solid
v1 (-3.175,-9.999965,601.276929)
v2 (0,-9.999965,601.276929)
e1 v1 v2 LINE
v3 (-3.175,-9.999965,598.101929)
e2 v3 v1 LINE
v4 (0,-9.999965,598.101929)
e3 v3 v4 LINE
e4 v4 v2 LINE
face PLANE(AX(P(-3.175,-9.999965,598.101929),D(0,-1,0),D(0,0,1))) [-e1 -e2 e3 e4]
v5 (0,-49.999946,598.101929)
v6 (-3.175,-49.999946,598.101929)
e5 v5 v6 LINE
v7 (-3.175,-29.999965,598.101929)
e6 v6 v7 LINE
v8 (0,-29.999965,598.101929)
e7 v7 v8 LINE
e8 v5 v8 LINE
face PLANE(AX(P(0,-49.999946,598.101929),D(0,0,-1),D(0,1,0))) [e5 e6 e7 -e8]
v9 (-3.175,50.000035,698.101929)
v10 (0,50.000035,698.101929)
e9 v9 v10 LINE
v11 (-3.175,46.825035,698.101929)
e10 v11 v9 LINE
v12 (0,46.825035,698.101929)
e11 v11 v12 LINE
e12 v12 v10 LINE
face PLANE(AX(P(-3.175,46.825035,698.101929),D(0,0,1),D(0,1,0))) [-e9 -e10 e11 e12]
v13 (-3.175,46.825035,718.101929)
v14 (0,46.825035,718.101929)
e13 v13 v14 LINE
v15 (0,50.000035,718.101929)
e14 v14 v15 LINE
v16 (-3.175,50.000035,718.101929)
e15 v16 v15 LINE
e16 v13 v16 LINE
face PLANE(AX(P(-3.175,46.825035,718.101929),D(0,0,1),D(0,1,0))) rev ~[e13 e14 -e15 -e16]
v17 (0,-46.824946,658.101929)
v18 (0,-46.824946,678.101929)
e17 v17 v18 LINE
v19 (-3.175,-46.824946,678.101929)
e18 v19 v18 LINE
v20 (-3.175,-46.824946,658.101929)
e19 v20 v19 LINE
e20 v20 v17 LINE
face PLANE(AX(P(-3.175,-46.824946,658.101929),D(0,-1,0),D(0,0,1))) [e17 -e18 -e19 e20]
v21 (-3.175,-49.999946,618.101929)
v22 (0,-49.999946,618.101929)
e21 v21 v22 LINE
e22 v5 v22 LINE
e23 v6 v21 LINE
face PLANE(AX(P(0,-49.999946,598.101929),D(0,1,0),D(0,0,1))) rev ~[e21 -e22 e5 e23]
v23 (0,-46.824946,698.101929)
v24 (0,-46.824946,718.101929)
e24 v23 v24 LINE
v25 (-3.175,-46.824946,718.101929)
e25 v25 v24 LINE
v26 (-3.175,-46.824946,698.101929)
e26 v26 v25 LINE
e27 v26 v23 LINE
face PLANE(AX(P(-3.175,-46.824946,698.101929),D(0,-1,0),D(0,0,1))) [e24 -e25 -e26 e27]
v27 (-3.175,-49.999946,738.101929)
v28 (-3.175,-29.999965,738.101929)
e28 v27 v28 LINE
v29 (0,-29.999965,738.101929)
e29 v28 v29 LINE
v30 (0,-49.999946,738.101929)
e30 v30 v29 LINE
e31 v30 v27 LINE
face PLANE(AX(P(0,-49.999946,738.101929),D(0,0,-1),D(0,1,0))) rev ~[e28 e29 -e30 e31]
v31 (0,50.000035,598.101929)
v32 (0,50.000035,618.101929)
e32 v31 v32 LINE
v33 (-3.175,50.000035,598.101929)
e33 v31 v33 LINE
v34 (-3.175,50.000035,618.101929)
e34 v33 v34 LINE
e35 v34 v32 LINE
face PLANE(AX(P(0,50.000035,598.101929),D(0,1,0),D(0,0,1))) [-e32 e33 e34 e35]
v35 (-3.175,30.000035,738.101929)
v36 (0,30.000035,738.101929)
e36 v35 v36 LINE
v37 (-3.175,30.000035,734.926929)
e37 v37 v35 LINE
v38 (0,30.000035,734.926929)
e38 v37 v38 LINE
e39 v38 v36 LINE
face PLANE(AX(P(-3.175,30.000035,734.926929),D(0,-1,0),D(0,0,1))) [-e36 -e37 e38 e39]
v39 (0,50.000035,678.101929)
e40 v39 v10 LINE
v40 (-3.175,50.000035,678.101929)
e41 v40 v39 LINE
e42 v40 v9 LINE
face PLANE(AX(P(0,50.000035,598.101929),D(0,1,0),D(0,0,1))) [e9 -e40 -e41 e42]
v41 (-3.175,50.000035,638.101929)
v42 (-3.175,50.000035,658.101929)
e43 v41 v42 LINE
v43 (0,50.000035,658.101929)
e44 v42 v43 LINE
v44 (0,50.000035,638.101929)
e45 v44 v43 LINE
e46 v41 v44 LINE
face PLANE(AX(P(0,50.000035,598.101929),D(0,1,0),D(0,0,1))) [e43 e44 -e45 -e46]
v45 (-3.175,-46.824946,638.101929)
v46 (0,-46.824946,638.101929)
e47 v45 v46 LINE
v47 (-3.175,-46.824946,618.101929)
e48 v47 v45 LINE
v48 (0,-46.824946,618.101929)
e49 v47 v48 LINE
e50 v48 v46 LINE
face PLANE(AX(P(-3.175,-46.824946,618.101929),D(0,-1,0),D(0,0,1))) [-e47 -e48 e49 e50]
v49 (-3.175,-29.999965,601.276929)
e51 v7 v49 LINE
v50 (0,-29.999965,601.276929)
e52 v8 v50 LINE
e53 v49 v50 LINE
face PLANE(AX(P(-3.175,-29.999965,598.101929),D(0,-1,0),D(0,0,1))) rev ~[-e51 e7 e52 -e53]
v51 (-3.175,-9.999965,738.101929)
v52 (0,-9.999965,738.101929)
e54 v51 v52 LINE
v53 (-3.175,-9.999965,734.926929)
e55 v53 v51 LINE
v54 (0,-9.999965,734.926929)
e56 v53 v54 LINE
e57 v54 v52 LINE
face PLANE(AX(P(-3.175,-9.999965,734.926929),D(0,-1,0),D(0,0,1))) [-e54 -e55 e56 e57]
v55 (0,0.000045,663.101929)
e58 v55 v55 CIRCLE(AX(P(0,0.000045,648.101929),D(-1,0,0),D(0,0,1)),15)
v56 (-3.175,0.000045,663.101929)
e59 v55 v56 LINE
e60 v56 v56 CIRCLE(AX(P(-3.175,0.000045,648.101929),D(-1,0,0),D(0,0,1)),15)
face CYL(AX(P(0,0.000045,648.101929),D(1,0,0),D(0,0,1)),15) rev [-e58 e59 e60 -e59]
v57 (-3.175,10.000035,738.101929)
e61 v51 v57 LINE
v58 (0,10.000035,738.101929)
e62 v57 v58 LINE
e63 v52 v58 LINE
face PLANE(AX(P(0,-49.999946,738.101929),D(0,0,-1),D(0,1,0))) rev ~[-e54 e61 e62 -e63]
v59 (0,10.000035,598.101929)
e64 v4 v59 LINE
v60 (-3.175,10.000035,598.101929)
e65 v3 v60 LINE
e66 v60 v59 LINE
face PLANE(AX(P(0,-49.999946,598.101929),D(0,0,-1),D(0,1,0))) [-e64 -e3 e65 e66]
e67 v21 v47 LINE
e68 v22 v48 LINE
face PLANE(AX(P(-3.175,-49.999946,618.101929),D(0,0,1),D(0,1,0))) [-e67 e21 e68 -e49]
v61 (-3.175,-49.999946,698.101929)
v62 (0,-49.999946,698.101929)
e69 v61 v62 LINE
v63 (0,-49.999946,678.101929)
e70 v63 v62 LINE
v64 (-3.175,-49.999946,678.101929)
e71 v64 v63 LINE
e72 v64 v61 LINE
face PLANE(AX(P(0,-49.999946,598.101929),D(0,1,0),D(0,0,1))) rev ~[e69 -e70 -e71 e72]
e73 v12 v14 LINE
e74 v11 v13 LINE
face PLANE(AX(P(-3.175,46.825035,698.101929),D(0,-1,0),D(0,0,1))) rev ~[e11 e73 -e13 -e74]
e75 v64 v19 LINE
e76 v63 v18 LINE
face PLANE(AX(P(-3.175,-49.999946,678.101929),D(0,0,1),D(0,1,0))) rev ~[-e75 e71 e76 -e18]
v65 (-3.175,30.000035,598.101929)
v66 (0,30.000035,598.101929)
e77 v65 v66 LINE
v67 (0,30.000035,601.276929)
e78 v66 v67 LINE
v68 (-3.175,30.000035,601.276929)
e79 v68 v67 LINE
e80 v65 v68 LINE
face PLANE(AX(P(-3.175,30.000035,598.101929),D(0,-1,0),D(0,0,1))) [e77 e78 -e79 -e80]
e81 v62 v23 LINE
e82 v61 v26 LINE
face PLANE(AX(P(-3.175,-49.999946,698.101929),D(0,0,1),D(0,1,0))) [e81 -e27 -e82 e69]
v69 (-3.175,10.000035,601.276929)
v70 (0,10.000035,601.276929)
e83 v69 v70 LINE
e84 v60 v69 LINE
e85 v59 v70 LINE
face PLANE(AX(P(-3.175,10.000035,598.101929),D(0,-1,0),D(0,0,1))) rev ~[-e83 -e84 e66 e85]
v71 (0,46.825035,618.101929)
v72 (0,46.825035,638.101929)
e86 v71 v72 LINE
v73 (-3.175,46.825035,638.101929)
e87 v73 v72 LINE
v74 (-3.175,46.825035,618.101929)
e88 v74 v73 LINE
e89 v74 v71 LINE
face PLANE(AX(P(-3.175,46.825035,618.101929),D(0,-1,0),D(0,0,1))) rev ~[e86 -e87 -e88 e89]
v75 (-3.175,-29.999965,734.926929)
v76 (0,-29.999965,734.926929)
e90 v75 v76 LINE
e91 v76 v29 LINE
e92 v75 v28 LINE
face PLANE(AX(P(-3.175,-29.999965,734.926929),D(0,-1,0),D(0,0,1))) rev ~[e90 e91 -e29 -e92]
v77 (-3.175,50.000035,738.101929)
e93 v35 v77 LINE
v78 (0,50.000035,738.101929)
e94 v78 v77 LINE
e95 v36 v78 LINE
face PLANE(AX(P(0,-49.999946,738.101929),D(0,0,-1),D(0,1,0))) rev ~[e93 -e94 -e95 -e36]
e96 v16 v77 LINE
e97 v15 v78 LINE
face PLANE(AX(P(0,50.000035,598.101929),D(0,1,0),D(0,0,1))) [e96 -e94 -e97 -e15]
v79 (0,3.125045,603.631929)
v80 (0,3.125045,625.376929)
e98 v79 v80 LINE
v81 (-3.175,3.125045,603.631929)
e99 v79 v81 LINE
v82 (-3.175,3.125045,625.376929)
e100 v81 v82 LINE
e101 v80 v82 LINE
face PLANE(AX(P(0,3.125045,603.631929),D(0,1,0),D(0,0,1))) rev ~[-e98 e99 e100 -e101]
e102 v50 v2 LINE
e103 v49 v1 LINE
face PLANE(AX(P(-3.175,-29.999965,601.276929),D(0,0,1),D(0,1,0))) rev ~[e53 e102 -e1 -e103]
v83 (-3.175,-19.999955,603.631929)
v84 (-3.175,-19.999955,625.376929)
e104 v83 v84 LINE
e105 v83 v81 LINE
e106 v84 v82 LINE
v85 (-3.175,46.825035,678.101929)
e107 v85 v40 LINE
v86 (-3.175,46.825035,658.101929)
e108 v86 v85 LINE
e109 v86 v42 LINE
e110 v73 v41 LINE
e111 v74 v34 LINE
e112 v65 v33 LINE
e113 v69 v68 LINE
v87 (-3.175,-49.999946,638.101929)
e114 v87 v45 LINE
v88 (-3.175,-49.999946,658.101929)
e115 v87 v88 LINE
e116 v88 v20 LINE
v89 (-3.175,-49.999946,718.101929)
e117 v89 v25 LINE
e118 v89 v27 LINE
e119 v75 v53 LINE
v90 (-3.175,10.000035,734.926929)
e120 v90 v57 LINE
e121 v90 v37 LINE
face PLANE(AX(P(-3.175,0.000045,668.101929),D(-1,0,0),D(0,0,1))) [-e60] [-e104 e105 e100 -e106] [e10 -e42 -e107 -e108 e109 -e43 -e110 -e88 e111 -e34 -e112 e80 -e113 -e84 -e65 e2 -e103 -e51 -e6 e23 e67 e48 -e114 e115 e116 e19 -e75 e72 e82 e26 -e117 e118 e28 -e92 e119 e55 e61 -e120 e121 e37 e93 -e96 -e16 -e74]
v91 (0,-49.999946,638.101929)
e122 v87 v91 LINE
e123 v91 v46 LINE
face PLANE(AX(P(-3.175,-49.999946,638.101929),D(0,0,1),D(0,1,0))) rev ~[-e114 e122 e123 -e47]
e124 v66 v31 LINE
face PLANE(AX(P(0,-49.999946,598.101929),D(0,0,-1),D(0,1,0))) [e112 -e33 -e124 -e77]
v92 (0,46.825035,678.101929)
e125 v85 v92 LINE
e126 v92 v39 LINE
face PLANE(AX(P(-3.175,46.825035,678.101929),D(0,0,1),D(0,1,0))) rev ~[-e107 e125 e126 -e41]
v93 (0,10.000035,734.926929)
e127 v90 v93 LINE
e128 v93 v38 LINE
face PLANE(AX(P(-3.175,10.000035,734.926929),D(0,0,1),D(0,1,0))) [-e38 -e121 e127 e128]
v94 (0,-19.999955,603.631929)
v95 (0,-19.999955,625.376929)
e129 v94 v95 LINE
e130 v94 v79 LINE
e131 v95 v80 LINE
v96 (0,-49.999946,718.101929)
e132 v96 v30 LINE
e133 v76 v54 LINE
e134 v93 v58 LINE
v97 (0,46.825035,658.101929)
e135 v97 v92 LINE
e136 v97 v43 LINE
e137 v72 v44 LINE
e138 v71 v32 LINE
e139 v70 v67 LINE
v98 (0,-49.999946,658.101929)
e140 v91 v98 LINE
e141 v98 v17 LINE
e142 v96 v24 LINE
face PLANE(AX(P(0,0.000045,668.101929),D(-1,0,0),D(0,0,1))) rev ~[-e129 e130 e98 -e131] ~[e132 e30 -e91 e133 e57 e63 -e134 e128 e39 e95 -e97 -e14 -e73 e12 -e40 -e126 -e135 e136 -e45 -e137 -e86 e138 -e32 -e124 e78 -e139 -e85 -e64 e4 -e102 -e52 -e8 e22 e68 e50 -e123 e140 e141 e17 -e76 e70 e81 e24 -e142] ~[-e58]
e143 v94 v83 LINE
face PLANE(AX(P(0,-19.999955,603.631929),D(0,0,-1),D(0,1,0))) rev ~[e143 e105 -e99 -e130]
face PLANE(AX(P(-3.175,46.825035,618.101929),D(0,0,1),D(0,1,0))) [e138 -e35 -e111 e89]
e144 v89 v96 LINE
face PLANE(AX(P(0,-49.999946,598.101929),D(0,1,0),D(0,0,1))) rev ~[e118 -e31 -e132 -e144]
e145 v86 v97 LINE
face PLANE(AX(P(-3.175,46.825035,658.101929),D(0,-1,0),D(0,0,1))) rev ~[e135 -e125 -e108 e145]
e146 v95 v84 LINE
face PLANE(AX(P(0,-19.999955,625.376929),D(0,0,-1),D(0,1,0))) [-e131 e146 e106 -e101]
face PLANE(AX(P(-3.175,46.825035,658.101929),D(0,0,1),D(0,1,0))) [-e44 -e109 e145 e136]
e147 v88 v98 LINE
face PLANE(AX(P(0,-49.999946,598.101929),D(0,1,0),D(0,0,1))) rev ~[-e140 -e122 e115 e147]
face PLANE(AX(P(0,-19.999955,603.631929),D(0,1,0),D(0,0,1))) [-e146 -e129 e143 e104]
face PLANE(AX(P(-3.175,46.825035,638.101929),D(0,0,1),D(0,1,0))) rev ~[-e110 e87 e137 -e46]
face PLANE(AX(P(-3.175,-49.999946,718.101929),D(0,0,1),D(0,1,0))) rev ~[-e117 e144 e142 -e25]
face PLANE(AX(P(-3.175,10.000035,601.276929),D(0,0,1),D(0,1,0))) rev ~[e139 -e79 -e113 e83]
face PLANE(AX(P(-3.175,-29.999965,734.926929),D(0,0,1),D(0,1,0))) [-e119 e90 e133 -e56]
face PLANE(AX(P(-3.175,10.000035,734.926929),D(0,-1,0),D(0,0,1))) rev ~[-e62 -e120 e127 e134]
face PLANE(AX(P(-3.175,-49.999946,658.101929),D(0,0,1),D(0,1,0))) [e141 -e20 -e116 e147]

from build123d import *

# Parameters (mm, degrees)
SKETCH46_W           = 140
SKETCH46_H           = 99.999981374
SKETCH46_R           = 15
SKETCH46_W_2         = 21.745
SKETCH46_H_2         = 23.125
BOSS_EXTRUDE11_DEPTH = 3.175
SKETCH47_W           = 3.175
SKETCH47_H           = 20
SKETCH47_W_2         = 20
SKETCH47_H_2         = 3.175
CUT_EXTRUDE23_DEPTH  = 3.175


with BuildPart() as part:
    # Sketch46 → Boss-Extrude11 (new body)
    with BuildSketch(Plane.ZY):
        with Locations((668.101928689, 4.4643e-05)):
            Rectangle(SKETCH46_W, SKETCH46_H)
        with Locations((648.101928689, 4.4643e-05)):
            Circle(SKETCH46_R, mode=Mode.SUBTRACT)
        with Locations((614.504428689, -8.437455357)):
            Rectangle(SKETCH46_W_2, SKETCH46_H_2, mode=Mode.SUBTRACT)
    extrude(amount=BOSS_EXTRUDE11_DEPTH)

    # Sketch47 → Cut-Extrude23 (cut)
    with BuildSketch(Plane.ZY.offset(3.175)):
        with Locations((736.514428689, -19.99996467)):
            Rectangle(SKETCH47_W, SKETCH47_H)
        with Locations((736.514428689, 20.00003533)):
            Rectangle(SKETCH47_W, SKETCH47_H)
        with Locations((599.689428689, -19.99996467)):
            Rectangle(SKETCH47_W, SKETCH47_H)
        with Locations((599.689428689, 20.00003533)):
            Rectangle(SKETCH47_W, SKETCH47_H)
        with Locations((668.101928689, 48.41253533)):
            Rectangle(SKETCH47_W_2, SKETCH47_H_2)
        with Locations((708.101928689, 48.41253533)):
            Rectangle(SKETCH47_W_2, SKETCH47_H_2)
        with Locations((628.101928689, 48.41253533)):
            Rectangle(SKETCH47_W_2, SKETCH47_H_2)
        with Locations((668.101928689, -48.412446044)):
            Rectangle(SKETCH47_W_2, SKETCH47_H_2)
        with Locations((708.101928689, -48.412446044)):
            Rectangle(SKETCH47_W_2, SKETCH47_H_2)
        with Locations((628.101928689, -48.412446044)):
            Rectangle(SKETCH47_W_2, SKETCH47_H_2)
    extrude(amount=-CUT_EXTRUDE23_DEPTH, mode=Mode.SUBTRACT)


solid = part.part
